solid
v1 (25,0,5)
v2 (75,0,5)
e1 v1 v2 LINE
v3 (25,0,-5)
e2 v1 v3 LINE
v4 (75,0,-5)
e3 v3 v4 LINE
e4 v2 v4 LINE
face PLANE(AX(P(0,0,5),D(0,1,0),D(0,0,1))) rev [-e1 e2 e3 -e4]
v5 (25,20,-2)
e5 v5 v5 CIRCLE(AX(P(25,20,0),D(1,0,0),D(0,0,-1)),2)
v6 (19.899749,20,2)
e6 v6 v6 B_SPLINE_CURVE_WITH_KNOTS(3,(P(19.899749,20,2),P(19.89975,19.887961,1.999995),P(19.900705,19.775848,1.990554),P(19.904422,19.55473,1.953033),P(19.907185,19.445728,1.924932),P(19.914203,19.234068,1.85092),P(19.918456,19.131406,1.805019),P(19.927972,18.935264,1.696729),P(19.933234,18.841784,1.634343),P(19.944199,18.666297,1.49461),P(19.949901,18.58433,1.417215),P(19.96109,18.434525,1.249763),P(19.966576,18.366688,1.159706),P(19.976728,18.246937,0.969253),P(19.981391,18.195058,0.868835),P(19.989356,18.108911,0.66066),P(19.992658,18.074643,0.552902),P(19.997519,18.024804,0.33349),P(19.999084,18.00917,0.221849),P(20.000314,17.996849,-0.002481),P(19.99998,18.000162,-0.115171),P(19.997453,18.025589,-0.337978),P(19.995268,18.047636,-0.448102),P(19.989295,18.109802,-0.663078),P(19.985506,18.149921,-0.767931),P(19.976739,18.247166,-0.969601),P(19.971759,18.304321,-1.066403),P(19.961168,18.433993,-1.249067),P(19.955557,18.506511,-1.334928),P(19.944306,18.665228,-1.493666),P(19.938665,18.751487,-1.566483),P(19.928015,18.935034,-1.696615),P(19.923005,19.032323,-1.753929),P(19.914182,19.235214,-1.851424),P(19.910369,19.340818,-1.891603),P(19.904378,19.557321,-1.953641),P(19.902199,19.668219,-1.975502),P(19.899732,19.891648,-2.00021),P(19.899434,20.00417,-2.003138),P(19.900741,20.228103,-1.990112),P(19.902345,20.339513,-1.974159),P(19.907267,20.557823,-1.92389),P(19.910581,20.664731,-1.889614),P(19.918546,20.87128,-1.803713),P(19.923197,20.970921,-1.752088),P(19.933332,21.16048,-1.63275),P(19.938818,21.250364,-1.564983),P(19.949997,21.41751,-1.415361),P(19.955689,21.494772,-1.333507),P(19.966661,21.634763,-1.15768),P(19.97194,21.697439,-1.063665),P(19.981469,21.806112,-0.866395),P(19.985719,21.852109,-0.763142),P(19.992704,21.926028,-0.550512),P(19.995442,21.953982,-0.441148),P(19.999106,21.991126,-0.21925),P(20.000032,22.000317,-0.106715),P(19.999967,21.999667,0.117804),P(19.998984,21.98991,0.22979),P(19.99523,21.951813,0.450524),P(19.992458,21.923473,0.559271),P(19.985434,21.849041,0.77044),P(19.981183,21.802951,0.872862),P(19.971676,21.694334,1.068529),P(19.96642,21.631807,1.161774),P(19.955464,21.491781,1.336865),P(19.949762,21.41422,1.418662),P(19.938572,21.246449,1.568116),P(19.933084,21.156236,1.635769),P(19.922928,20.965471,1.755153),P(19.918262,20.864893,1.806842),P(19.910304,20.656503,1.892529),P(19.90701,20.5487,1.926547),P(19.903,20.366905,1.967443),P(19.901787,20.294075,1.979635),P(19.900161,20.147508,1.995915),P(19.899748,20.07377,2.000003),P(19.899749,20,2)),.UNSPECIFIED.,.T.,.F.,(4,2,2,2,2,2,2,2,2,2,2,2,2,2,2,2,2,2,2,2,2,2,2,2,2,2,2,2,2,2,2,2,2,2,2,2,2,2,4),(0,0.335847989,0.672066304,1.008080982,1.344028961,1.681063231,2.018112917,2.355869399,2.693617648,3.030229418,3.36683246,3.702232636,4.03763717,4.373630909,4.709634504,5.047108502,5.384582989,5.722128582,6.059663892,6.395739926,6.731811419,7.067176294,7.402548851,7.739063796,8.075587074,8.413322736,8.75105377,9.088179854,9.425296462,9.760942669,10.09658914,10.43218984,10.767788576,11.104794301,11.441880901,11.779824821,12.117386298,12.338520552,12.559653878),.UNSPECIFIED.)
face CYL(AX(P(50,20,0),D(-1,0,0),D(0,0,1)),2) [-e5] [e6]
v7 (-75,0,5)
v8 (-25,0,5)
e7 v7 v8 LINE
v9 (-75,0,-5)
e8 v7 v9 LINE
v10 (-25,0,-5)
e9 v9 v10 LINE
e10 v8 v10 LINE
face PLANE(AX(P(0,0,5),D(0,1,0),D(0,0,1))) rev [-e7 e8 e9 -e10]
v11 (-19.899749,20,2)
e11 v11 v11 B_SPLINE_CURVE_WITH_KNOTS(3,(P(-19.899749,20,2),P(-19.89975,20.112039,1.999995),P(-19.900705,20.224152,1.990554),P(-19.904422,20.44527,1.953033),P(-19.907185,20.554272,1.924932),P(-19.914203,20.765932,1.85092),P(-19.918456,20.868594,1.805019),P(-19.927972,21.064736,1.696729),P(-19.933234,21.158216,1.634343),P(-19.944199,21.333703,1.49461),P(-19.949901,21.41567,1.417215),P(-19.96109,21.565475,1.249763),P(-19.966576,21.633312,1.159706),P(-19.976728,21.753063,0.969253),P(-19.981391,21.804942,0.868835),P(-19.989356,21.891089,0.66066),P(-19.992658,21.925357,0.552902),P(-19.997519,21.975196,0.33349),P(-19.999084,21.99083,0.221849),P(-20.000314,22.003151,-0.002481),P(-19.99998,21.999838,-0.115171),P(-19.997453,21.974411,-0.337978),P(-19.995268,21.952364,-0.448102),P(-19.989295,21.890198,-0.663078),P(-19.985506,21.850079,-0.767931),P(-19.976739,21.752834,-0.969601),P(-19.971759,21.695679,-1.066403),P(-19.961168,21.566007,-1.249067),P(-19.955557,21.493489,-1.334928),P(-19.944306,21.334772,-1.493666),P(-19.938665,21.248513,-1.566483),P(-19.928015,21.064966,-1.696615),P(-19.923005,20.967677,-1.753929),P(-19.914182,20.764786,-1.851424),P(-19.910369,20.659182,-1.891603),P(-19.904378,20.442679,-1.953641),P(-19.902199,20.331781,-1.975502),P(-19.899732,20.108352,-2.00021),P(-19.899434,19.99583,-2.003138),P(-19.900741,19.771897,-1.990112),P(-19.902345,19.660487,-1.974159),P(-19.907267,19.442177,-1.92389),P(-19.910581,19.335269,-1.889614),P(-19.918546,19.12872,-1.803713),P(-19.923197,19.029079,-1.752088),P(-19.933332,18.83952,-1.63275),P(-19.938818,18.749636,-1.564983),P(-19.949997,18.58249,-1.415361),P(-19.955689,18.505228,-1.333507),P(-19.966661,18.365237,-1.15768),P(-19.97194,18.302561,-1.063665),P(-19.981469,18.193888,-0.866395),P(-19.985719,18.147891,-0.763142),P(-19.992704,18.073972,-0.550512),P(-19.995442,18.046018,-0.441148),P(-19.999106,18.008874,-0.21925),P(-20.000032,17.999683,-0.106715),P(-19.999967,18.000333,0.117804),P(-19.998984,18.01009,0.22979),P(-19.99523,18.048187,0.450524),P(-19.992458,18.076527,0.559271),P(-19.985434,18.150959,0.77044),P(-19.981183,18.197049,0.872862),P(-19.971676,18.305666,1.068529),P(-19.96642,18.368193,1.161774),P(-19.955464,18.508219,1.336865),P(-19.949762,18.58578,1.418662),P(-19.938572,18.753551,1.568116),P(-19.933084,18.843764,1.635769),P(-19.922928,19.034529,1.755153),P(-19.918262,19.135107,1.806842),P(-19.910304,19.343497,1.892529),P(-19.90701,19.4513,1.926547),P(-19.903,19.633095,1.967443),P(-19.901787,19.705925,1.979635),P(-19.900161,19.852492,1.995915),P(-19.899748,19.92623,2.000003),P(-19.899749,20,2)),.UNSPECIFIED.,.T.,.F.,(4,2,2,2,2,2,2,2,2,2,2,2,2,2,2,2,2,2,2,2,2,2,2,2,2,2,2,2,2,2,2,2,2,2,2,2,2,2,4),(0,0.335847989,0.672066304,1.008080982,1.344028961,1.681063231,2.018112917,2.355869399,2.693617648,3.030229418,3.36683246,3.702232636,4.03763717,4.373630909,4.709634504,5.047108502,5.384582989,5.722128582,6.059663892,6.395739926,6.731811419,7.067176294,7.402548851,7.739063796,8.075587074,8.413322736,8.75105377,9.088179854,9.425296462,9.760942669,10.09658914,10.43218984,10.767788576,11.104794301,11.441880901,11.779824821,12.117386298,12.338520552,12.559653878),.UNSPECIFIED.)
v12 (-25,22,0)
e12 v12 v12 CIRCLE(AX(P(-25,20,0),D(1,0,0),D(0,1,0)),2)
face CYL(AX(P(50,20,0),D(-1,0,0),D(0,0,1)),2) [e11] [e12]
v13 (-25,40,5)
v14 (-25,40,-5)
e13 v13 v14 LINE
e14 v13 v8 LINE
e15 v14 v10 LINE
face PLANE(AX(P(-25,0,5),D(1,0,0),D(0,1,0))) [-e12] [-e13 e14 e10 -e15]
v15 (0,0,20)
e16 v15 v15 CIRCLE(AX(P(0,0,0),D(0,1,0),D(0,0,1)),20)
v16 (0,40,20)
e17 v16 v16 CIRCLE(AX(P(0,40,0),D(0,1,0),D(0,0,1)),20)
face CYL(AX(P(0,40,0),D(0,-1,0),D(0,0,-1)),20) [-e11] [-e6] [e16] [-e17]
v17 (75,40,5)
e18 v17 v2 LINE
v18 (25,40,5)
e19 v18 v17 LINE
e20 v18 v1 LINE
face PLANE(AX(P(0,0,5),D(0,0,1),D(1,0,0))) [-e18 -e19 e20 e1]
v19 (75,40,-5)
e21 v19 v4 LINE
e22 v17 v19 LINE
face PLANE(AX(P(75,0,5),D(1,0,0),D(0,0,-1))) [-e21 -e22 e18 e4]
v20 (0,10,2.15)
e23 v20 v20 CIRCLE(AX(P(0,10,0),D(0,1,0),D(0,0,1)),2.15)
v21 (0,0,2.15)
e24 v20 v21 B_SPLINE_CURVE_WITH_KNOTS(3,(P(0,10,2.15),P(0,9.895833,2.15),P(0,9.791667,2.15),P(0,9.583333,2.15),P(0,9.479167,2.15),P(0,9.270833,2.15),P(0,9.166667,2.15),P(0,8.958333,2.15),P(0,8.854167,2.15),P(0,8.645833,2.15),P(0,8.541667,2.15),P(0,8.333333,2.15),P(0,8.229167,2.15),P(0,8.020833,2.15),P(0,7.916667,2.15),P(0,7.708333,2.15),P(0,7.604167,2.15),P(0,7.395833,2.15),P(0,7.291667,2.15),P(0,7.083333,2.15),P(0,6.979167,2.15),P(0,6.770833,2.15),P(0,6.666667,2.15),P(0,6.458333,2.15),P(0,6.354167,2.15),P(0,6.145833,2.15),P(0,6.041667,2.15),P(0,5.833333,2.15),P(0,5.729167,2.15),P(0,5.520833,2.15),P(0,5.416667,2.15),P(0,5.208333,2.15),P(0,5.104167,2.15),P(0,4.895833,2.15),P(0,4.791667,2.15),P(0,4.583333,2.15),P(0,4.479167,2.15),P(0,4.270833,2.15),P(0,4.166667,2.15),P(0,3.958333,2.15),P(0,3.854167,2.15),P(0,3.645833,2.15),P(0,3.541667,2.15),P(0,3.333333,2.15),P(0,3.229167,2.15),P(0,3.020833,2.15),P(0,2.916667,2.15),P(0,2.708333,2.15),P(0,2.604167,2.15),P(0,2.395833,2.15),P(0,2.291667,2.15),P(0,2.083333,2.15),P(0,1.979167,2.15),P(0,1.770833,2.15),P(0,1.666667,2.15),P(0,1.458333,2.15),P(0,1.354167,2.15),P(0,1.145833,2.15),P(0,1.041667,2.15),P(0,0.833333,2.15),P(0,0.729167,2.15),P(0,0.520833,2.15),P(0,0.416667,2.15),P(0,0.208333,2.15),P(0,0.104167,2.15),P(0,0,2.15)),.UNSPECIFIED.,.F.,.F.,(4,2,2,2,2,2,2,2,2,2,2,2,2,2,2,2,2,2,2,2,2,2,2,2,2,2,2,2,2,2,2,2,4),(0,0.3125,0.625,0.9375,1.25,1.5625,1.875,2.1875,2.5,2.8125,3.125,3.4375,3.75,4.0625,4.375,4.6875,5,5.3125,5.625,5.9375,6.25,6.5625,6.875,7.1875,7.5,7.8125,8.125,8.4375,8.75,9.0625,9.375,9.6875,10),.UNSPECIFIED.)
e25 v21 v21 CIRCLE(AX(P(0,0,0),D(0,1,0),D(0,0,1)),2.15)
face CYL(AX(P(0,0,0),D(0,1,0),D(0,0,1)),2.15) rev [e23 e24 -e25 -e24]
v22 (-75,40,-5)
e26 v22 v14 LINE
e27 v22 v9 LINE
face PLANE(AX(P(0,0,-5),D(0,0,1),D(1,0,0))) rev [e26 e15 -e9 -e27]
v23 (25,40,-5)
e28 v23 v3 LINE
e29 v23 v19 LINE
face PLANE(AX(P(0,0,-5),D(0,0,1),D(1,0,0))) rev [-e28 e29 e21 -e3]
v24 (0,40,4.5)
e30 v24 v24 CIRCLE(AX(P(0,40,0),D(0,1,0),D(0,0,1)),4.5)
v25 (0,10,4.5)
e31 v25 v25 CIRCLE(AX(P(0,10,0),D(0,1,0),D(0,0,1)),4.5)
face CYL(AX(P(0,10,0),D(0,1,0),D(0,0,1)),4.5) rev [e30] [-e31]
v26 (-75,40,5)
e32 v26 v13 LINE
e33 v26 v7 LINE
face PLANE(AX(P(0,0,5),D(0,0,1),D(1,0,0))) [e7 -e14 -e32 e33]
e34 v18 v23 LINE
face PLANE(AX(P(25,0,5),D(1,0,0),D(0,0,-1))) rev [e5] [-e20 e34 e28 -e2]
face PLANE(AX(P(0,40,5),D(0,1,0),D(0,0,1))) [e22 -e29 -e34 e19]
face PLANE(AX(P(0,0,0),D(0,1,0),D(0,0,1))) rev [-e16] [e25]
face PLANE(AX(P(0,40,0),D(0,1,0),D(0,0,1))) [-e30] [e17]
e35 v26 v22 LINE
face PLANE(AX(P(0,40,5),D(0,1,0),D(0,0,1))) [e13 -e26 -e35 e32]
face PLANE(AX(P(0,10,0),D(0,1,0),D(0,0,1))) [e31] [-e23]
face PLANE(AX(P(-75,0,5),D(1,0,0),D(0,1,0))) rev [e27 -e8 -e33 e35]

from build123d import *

# Parameters (mm, degrees)
SKETCH1_R             = 20
BOSS_EXTRUDE1_DEPTH   = 40
BOSS_EXTRUDE2_DEPTH   = 5
BOSS_EXTRUDE2_2_DEPTH = 5
SKETCH7_R             = 2
BOSS_EXTRUDE3_DEPTH   = 50
SKETCH9_R             = 4.5
CUT_EXTRUDE1_DEPTH    = 30
SKETCH9_3_R           = 2.15
CUT_EXTRUDE2_DEPTH    = 88.321246052


with BuildPart() as part:
    # Sketch1 → Boss-Extrude1 (new body)
    with BuildSketch(Plane(origin=(0, 0, 0), x_dir=(1, 0, 0), z_dir=(0, 1, 0))):
        Circle(SKETCH1_R)
    extrude(amount=BOSS_EXTRUDE1_DEPTH)



with BuildPart() as body_2:
    # Sketch2 → Boss-Extrude2 (new, symmetric)
    with BuildSketch(Plane.XY):
        Polygon((-25, 0), (-25, 20), (-25, 40), (-75, 40), (-75, 0), align=None)
    extrude(amount=BOSS_EXTRUDE2_DEPTH, both=True)


with BuildPart() as body_3:
    # Sketch2 → Boss-Extrude2 2 (new, symmetric)
    with BuildSketch(Plane.XY):
        Polygon((25, 40), (25, 20), (25, 0), (75, 0), (75, 40), align=None)
    extrude(amount=BOSS_EXTRUDE2_2_DEPTH, both=True)


with BuildPart() as part_1:
    add(part.part)

    add(body_2.part)  # Boss-Extrude3 merges body 2

    add(body_3.part)  # Boss-Extrude3 merges body 3
    # Sketch7 → Boss-Extrude3 (add, symmetric)
    with BuildSketch(Plane(origin=(0, 0, 0), x_dir=(0, 0, -1), z_dir=(1, 0, 0))):
        with Locations((0, 20)):
            Circle(SKETCH7_R)
    extrude(amount=BOSS_EXTRUDE3_DEPTH, both=True)

    # Sketch9 → Cut-Extrude1 (cut)
    with BuildSketch(Plane(origin=(0, 40, 0), x_dir=(1, 0, 0), z_dir=(0, 1, 0))):
        Circle(SKETCH9_R)
    extrude(amount=-CUT_EXTRUDE1_DEPTH, mode=Mode.SUBTRACT)

    # Sketch9<3> → Cut-Extrude2 (cut, through all)
    with BuildSketch(Plane(origin=(0, 40, 0), x_dir=(1, 0, 0), z_dir=(0, 1, 0))):
        Circle(SKETCH9_3_R)
    extrude(amount=-CUT_EXTRUDE2_DEPTH, mode=Mode.SUBTRACT)


solid = part_1.part
